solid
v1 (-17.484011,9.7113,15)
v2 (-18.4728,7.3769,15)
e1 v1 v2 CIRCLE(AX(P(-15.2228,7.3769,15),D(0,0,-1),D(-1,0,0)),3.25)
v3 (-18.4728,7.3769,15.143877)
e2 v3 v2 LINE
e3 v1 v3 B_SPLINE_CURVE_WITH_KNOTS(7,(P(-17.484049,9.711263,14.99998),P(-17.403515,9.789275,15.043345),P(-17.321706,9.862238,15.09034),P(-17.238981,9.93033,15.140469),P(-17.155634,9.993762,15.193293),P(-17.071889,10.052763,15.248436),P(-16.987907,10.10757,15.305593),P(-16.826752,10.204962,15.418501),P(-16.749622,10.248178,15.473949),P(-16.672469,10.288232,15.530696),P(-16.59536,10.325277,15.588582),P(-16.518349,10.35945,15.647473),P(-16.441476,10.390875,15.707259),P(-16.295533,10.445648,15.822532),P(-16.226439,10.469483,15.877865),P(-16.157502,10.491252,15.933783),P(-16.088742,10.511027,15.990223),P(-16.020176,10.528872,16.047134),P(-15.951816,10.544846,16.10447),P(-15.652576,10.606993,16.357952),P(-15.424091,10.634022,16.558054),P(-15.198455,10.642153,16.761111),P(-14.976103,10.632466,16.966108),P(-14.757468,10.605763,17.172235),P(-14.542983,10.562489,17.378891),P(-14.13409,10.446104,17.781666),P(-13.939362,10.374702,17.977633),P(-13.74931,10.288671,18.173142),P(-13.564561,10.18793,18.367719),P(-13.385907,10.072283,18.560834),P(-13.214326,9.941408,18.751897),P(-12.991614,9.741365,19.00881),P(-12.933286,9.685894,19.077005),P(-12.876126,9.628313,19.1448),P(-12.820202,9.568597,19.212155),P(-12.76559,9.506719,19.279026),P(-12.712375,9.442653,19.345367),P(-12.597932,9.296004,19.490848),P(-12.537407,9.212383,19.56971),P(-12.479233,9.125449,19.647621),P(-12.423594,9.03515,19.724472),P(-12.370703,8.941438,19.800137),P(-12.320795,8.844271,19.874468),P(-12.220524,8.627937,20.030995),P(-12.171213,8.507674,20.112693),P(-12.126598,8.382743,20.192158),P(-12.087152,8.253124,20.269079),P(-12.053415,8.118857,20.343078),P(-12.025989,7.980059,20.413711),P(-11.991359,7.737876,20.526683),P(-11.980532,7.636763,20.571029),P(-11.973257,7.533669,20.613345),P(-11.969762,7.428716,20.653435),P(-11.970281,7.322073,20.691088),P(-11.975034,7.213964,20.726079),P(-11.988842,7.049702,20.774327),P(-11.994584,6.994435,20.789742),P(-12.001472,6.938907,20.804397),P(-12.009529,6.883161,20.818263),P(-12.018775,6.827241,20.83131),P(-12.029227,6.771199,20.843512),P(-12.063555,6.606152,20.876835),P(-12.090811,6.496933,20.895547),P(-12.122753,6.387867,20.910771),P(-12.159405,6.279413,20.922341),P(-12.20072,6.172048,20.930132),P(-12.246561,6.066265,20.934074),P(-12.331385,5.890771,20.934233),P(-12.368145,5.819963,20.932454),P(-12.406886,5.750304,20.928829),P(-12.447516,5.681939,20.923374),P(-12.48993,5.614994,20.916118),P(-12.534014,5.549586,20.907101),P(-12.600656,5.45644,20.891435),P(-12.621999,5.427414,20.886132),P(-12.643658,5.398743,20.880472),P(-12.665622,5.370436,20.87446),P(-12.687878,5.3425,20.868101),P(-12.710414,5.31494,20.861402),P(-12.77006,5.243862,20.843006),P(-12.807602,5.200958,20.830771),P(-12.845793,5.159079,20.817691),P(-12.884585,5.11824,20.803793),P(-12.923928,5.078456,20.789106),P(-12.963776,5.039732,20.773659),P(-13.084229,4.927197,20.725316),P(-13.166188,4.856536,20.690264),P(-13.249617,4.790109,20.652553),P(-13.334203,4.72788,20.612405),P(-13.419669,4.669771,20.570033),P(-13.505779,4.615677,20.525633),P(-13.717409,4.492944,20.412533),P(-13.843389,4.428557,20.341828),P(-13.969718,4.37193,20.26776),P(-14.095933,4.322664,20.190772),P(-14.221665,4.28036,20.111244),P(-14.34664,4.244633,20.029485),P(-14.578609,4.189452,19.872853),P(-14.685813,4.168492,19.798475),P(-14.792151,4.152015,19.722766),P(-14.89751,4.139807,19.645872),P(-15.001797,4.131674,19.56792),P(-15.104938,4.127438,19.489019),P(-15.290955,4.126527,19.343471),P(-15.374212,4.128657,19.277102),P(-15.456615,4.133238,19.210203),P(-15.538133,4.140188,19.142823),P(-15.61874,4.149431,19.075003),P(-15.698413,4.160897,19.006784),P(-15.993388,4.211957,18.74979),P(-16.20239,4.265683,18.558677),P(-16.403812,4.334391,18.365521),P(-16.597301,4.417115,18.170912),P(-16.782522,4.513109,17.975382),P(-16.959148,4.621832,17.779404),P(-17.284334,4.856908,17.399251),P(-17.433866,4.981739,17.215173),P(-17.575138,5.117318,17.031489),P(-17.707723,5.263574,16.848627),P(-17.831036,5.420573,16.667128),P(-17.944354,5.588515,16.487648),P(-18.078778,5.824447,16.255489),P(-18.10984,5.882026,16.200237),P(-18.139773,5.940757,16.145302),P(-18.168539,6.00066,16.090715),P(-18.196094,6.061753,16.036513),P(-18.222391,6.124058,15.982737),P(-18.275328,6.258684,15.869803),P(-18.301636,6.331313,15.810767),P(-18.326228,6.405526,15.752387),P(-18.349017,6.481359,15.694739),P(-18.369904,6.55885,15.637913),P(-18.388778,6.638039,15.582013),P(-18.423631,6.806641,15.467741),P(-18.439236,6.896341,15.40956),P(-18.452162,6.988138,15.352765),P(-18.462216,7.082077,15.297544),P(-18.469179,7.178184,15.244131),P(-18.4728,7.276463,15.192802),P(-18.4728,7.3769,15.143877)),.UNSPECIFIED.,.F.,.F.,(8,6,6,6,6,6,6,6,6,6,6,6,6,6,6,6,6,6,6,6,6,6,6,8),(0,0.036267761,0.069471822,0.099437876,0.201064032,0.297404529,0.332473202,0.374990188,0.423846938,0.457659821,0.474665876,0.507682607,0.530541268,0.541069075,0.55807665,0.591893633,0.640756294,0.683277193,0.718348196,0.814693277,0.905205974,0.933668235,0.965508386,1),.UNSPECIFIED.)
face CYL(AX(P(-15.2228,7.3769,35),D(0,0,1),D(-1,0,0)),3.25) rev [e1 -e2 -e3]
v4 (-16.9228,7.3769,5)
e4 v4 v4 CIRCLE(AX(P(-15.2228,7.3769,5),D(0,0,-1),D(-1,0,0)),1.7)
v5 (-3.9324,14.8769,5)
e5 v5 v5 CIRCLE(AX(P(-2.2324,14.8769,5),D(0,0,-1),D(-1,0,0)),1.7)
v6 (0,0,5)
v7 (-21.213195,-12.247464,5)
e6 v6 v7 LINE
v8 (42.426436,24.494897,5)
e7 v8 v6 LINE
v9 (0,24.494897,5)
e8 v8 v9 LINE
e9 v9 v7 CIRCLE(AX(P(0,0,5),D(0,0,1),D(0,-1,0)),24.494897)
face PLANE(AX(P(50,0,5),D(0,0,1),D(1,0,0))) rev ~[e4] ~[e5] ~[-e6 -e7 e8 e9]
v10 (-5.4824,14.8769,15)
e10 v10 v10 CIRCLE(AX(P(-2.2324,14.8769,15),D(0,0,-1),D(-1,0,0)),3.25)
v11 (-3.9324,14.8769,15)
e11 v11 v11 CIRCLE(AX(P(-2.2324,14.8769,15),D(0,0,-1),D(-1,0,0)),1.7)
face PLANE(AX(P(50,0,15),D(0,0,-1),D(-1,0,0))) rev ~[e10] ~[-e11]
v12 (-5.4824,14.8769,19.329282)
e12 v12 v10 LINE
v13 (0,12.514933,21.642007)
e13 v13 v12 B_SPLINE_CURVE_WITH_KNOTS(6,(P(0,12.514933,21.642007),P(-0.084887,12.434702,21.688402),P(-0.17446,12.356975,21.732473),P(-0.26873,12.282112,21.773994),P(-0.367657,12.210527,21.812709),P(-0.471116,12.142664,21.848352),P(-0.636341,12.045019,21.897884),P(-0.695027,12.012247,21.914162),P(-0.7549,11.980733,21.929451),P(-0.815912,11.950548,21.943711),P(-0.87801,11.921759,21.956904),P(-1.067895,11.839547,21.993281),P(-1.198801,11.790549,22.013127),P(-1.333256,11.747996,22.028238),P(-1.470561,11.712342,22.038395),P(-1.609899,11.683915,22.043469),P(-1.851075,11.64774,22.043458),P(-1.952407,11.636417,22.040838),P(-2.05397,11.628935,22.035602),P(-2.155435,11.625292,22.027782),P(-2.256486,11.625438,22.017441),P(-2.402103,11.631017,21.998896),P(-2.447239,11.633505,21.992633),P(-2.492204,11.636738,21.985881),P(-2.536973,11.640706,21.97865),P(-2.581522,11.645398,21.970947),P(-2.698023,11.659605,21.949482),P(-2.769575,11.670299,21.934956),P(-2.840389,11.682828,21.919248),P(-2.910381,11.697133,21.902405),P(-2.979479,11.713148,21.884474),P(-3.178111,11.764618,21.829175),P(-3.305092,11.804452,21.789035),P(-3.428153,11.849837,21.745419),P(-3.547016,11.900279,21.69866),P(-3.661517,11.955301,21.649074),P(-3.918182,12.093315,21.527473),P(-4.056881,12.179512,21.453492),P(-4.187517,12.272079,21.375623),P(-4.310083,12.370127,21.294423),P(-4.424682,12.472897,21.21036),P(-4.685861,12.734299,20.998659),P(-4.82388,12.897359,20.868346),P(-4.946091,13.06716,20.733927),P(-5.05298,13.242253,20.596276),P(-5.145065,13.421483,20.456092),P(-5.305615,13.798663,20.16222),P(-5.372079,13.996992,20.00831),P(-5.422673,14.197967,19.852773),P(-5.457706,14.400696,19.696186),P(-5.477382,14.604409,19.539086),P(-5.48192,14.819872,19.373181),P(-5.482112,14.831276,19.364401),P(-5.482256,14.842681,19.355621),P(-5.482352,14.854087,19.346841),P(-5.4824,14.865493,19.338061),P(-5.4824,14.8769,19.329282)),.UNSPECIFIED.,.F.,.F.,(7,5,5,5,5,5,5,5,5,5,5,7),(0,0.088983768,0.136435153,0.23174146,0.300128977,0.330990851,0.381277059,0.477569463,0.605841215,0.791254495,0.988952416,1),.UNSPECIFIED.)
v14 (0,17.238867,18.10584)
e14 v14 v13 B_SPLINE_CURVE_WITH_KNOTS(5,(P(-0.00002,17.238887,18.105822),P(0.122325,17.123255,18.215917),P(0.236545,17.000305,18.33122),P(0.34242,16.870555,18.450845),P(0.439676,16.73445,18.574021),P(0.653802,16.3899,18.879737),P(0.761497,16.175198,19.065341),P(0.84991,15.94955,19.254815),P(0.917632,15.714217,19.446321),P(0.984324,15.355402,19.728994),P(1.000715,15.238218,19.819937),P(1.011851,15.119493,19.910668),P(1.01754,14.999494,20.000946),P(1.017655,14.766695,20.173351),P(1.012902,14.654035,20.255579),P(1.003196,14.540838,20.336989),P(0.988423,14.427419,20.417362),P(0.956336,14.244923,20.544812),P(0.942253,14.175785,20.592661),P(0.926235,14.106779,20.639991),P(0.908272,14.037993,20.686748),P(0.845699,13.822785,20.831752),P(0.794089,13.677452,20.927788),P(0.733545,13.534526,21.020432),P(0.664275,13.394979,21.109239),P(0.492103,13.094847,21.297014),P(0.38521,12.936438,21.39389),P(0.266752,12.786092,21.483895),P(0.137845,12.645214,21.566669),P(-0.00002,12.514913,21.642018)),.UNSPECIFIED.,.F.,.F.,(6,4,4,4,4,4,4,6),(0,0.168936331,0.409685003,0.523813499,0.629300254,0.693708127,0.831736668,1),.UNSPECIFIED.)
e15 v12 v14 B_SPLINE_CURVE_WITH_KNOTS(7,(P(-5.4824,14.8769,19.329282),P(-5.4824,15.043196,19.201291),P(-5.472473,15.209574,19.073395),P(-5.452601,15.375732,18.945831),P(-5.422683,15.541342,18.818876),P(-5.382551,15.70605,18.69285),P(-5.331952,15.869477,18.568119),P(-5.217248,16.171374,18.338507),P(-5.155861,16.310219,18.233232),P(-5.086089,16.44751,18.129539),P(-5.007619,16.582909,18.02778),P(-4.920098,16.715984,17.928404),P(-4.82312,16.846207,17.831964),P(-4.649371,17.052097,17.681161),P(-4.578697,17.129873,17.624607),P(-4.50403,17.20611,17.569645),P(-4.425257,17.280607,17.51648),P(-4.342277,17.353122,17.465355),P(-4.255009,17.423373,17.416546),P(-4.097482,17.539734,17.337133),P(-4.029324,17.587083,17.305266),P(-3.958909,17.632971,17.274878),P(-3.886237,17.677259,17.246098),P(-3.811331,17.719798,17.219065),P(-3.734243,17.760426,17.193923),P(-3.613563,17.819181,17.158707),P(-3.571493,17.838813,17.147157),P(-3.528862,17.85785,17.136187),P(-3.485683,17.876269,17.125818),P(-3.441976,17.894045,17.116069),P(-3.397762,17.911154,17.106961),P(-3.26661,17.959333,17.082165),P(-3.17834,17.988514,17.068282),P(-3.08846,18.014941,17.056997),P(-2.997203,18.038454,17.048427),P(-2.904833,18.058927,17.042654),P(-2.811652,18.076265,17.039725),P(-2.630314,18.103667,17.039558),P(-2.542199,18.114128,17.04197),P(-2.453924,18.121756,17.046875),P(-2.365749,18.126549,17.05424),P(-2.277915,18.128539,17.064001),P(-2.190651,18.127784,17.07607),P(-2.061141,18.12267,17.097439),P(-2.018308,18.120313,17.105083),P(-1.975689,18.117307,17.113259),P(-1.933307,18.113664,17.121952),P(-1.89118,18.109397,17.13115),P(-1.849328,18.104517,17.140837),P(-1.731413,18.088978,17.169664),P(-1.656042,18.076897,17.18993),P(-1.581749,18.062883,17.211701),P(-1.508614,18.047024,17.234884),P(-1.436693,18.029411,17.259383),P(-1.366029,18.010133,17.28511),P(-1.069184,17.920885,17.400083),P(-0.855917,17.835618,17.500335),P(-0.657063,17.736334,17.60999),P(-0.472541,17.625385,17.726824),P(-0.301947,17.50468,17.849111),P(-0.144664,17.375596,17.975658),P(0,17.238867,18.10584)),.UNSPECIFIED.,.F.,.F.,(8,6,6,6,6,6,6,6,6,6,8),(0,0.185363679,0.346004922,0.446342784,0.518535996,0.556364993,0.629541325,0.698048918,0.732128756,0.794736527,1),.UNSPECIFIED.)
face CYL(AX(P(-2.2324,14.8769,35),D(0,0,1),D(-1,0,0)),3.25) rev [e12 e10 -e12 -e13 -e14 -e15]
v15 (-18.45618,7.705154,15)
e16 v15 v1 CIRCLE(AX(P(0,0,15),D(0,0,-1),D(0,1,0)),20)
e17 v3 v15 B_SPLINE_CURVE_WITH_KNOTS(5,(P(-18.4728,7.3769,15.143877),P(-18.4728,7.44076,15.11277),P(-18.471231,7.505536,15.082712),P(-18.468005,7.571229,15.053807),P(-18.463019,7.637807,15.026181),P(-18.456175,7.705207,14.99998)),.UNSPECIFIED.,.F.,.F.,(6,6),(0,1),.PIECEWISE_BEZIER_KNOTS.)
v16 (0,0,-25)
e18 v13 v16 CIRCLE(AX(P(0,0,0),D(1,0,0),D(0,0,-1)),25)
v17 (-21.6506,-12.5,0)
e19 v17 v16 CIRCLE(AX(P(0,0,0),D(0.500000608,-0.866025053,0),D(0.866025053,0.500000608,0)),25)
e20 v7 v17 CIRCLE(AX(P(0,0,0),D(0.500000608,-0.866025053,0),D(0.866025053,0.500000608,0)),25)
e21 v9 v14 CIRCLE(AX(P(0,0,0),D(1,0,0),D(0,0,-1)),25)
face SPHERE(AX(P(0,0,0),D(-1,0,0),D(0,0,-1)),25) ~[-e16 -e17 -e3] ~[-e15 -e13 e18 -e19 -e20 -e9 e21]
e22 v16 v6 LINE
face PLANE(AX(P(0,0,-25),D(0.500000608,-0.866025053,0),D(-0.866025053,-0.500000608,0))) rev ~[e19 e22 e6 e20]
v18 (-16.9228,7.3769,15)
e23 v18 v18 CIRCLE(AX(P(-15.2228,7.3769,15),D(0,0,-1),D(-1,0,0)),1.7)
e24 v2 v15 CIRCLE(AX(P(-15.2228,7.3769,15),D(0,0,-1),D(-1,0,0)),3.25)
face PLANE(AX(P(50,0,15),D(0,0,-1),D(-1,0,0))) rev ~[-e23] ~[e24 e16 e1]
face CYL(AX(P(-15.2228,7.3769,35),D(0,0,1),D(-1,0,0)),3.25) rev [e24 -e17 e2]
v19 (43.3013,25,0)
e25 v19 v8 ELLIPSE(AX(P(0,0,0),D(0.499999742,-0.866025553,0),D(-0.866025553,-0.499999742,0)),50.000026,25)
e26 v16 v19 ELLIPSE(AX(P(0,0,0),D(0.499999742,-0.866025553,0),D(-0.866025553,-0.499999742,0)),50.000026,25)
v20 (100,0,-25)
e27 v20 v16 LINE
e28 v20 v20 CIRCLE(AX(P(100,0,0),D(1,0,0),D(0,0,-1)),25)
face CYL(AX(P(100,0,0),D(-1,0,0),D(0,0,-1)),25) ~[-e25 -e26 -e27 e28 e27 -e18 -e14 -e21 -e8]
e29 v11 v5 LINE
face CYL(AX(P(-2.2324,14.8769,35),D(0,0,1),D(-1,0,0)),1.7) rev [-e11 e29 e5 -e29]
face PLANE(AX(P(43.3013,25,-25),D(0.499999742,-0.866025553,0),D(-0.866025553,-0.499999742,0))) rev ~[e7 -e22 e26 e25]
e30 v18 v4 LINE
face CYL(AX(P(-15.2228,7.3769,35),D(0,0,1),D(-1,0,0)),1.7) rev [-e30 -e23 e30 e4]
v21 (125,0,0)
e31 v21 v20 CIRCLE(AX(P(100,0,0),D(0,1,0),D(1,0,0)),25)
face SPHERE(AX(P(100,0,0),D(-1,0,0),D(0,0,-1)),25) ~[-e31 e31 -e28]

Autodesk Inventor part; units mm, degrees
ref_plane "YZ Plane" through (0, 0, 0) normal (1, 0, 0) x (0, 1, 0)
sketch "Esquisse1" plane through (0, 0, 0) normal (0, 1, 0) x (-1, 0, 0)
  line L0 (0, 0) -> (-100, 0)
  line L1 (-100, 0) -> (-100, -25)
  line L2 (-100, -25) -> (0, -25)
  line L3 (0, -25) -> (0, 0)
  arc A0 (0, -25) -> (25, 0) centre (0, 0) ccw
  line L4 (25, 0) -> (0, 0)
  line L5 (0, 0) -> (0, -25)
  line L6 (-100, 0) -> (-100, -25)
  arc A1 (-125, 0) -> (-100, -25) centre (-100, 0) ccw
  line L7 (-100, 0) -> (-125, 0)
  dimension "d1" = 25
  dimension "d2" = 100
revolve "Révolution1" add sketch "Esquisse1" angle 360 about axis through (0, 0, 0) along (1, 0, 0)
ref_plane "Plan de construction1" through (50, 0, -25) normal (0, 0, 1) x (1, 0, 0)
sketch "Esquisse2" plane through (50, 0, -25) normal (0, 0, 1) x (1, 0, 0)
  arc A0 (-50, 25) -> (-50, -25) centre (-50, 0) ccw projected
  line L0 (-50, 0) -> (-71.6506, -12.5)
  line L1 (-71.6506, -12.5) -> (-84.1506, 9.1506)
  line L2 (-84.1506, 9.1506) -> (-62.5, 21.6506)
  line L3 (-62.5, 21.6506) -> (-50, 0)
  line L4 (-50, 0) -> (-31.3481, 0) construction
  line L5 (-50, 0) -> (-62.5, 21.6506)
  line L6 (-62.5, 21.6506) -> (-19.1987, 46.6506)
  line L7 (-19.1987, 46.6506) -> (-6.6987, 25)
  line L8 (-6.6987, 25) -> (-50, 0)
  line L9 (-50, -25) -> (-50, 25) construction
  line L10 (-50, 25) -> (75, 25) construction
  line L11 (-50, 25) -> (50, 25) construction
  dimension "d9" = 120
extrude "Extrusion1" cut sketch "Esquisse2" along normal blind 30
ref_plane "Plan de construction2" through (50, 0, 35) normal (0, 0, -1) x (-1, 0, 0)
sketch "Esquisse3" plane through (50, 0, 35) normal (0, 0, -1) x (-1, 0, 0)
  line L0 (50, 0) -> (71.2132, -12.2474) construction
  line L1 (71.2132, -12.2474) -> (50, 0) construction
  line L2 (50, 0) -> (50, 0) construction
  line L3 (65.2228, 7.3769) -> (52.2324, 14.8769) construction
  circle A0 centre (65.2228, 7.3769) radius 1.7
  circle A1 centre (52.2324, 14.8769) radius 1.7
  line L4 (71.2132, -12.2474) -> (93.5005, 26.3552) construction
  line L5 (52.2324, 14.8769) -> (45.2324, 2.7526) construction
  line L6 (6.6987, 25) -> (-50, 25) construction
  dimension "d12" = 14
  dimension "d22" = 3.4
  dimension "d23" = 3.4
  dimension "d30" = 15
  dimension "d31" = 30
extrude "Extrusion2" cut sketch "Esquisse3" along normal blind 30
sketch "Esquisse4" plane through (50, 0, 35) normal (0, 0, -1) x (-1, 0, 0)
  circle A0 centre (65.2228, 7.3769) radius 1.7 projected
  circle A1 centre (65.2228, 7.3769) radius 3.25
  circle A2 centre (52.2324, 14.8769) radius 1.7 projected
  circle A3 centre (52.2324, 14.8769) radius 3.25
  point P0 (50, 0)
  dimension "d26" = 6.5
  dimension "d27" = 6.5
extrude "Extrusion3" cut sketch "Esquisse4" along normal blind 20
equation "\"d23\" = d22"
equation "\"d27\" = d26"
properties part number "P1704_003_mainGauche"
